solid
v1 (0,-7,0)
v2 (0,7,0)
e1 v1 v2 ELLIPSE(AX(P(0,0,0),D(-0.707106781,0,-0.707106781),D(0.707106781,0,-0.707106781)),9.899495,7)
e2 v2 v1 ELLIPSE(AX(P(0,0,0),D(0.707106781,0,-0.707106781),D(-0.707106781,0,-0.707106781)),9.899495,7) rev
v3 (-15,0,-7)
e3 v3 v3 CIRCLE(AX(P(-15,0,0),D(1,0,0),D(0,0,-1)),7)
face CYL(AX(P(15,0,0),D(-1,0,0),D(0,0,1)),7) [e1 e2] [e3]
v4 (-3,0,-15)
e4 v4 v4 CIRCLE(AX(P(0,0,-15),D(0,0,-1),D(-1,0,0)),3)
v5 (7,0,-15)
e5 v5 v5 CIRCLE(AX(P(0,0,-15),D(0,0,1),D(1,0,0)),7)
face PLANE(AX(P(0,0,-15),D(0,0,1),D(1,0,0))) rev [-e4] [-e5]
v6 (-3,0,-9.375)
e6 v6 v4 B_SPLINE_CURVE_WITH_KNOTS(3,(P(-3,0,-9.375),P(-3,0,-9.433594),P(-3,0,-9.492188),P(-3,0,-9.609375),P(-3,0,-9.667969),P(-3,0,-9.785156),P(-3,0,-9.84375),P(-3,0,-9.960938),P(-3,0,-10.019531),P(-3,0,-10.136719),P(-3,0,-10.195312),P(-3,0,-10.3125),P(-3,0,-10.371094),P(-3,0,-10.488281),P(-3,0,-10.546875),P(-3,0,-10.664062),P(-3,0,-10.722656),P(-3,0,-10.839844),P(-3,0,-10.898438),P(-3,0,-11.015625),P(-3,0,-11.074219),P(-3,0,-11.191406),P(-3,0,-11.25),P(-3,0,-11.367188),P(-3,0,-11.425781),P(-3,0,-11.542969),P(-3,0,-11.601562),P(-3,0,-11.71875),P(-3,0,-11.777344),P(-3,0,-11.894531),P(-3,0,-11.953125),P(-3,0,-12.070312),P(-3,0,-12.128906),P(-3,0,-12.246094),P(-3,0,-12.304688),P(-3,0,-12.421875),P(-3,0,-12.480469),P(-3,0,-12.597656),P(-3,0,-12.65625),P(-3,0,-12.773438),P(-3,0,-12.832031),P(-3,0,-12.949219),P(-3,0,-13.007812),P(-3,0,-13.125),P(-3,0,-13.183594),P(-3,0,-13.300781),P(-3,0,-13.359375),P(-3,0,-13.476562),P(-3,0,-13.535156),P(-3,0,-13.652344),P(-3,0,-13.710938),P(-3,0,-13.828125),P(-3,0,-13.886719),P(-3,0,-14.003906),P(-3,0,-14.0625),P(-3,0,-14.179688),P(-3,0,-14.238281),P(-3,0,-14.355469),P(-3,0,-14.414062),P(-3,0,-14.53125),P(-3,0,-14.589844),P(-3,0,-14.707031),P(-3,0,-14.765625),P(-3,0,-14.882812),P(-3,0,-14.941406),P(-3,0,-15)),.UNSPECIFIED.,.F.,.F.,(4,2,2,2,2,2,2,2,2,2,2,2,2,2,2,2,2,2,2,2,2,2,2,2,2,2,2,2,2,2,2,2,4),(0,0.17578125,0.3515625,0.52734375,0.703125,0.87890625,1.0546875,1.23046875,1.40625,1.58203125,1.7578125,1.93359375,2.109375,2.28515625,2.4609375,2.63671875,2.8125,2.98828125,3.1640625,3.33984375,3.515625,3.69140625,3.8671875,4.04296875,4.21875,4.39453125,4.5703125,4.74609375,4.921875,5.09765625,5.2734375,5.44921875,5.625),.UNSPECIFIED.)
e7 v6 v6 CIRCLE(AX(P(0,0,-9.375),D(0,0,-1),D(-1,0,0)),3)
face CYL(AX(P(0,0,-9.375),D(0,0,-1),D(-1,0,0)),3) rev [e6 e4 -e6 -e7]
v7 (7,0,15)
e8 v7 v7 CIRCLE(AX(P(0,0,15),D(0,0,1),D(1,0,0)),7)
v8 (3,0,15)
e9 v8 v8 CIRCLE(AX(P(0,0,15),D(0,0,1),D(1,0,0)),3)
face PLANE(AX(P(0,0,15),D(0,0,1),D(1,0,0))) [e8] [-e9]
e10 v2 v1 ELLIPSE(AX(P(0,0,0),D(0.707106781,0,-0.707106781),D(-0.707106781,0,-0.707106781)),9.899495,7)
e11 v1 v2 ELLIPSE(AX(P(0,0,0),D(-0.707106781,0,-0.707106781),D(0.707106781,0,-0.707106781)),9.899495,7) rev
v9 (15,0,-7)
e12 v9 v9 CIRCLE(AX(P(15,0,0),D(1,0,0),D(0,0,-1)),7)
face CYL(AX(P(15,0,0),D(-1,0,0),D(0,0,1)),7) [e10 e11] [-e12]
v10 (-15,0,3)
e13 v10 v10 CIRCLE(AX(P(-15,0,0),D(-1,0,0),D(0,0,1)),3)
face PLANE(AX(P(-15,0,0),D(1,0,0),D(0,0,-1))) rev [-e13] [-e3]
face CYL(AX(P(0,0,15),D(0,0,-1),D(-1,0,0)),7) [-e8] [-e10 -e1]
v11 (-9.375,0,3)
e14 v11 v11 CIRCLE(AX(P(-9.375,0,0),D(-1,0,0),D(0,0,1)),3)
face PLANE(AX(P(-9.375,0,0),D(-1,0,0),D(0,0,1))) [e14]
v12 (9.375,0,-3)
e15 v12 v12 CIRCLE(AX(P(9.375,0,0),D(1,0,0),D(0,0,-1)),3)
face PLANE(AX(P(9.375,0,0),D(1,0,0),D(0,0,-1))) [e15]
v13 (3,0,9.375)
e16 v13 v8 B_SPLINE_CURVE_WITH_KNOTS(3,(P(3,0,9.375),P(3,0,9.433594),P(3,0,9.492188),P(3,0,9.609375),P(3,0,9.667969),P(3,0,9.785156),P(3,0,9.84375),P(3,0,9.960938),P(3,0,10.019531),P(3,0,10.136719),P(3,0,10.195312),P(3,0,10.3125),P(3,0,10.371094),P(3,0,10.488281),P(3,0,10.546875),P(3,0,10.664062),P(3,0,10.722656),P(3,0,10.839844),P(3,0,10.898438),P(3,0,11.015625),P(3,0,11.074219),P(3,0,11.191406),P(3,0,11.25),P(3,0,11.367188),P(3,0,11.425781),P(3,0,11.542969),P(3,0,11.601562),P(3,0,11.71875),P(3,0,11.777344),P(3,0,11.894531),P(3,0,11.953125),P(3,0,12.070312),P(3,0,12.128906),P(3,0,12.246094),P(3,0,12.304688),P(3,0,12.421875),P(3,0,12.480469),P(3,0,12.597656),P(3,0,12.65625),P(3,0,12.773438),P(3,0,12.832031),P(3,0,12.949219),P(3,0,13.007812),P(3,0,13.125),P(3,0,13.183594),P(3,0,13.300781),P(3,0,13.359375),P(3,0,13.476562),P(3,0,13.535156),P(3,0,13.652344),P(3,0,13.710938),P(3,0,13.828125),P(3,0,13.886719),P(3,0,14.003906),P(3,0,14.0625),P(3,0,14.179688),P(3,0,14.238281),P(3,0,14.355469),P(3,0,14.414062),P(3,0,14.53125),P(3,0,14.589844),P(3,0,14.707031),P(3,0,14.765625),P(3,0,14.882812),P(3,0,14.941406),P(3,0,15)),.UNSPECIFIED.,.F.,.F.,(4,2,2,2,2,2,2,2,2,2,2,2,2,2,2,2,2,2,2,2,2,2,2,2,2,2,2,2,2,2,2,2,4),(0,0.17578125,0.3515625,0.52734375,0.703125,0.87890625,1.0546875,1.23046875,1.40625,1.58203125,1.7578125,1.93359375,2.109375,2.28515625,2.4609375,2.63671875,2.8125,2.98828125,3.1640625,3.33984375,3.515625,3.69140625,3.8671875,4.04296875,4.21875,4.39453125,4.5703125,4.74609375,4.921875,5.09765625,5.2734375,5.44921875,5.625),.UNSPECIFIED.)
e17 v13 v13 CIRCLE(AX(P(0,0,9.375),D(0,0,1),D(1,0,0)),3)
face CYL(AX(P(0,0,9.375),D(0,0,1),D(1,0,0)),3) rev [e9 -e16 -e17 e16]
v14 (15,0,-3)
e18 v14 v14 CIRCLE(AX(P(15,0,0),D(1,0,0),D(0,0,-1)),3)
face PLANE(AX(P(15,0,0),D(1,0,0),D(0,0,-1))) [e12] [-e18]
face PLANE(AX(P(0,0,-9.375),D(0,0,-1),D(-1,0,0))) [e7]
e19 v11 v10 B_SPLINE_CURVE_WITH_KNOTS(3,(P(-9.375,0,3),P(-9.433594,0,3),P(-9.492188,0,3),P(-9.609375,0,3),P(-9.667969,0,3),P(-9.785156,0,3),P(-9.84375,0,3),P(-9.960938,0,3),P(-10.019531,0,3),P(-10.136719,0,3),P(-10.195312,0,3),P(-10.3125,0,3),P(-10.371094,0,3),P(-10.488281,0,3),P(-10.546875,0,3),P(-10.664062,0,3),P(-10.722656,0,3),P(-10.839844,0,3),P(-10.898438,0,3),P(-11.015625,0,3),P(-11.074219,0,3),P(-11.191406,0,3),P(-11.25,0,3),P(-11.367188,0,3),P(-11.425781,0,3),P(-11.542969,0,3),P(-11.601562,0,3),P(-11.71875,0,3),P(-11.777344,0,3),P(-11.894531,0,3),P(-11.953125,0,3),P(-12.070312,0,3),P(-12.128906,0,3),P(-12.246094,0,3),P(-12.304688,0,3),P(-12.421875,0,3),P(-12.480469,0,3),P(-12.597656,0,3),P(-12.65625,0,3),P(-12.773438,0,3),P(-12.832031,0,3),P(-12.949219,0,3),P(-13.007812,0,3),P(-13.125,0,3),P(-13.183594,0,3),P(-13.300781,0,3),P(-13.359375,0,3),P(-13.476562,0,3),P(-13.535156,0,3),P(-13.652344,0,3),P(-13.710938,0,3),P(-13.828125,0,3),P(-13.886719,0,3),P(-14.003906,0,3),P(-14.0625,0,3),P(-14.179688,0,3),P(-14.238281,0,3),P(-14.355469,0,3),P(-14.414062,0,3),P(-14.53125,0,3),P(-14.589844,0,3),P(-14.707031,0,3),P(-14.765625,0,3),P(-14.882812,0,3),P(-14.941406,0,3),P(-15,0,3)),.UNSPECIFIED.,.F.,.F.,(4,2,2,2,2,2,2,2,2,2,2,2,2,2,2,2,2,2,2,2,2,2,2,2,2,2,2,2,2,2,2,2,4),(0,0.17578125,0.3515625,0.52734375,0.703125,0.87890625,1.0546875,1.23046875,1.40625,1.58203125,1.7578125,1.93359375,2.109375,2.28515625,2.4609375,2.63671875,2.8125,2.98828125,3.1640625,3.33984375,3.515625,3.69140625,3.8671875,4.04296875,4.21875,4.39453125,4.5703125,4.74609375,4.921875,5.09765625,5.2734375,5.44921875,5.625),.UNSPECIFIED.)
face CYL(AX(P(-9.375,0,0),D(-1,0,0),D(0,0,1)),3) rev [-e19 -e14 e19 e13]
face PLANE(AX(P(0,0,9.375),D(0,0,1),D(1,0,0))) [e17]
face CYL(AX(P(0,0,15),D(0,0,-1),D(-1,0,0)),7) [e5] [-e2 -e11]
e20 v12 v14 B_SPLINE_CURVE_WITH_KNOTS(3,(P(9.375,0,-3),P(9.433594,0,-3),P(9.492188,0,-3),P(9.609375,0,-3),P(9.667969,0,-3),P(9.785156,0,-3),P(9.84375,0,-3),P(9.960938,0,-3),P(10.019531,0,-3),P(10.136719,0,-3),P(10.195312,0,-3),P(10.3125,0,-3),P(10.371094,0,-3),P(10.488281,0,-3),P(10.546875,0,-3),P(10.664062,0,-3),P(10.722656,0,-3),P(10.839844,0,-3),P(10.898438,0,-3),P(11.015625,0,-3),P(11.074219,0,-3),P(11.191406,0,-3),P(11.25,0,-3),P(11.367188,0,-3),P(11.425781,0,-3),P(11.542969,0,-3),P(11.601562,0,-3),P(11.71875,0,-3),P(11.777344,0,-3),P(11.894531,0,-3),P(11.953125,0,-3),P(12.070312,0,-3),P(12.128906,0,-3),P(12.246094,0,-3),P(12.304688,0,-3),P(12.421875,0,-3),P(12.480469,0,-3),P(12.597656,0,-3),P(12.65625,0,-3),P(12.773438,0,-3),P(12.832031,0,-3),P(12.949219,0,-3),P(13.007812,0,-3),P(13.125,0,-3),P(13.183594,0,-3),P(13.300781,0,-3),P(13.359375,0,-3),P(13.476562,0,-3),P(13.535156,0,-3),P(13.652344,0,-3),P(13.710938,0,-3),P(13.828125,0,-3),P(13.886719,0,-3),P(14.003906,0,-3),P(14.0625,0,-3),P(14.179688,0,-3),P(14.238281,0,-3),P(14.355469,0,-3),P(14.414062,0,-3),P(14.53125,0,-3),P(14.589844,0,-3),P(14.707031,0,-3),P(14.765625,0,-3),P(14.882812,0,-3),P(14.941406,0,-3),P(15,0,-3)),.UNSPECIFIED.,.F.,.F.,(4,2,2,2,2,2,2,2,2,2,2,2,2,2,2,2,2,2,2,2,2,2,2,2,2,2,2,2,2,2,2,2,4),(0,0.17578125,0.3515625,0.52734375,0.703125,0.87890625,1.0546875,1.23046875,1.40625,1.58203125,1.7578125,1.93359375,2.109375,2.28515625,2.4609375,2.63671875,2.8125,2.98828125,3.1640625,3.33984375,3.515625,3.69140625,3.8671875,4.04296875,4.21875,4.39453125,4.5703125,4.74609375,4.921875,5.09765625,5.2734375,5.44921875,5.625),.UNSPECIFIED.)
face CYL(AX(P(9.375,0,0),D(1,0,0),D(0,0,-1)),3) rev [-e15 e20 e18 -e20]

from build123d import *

# Parameters (mm, degrees)
SKETCH1_R           = 7
BOSS_EXTRUDE1_DEPTH = 15
SKETCH4_R           = 7
BOSS_EXTRUDE2_DEPTH = 15
SKETCH3_R           = 3
CUT_EXTRUDE1_DEPTH  = 5.625
CIRPATTERN1_COUNT   = 4


with BuildPart() as part:
    # Sketch1 → Boss-Extrude1 (new, symmetric)
    with BuildSketch(Plane.XY):
        Circle(SKETCH1_R)
    extrude(amount=BOSS_EXTRUDE1_DEPTH, both=True)

    # Sketch4 → Boss-Extrude2 (add, symmetric)
    with BuildSketch(Plane(origin=(0, 0, 0), x_dir=(0, 0, -1), z_dir=(1, 0, 0))):
        with Locations(Location((0, 0, 0), (0, 0, 270))):
            Circle(SKETCH4_R)
    extrude(amount=BOSS_EXTRUDE2_DEPTH, both=True)

    # Sketch3 → Cut-Extrude1 (cut)
    with BuildSketch(Plane.XY.offset(15)):
        Circle(SKETCH3_R)
    cut_extrude1 = extrude(amount=-CUT_EXTRUDE1_DEPTH, mode=Mode.SUBTRACT)

    # CirPattern1: Cut-Extrude1 ×4 about axis
    cirpattern1_axis = Axis((0, 0, 0), (0, 1, 0))
    for i in range(1, CIRPATTERN1_COUNT):
        add(cut_extrude1.rotate(cirpattern1_axis, i * 360 / CIRPATTERN1_COUNT), mode=Mode.SUBTRACT)


solid = part.part
